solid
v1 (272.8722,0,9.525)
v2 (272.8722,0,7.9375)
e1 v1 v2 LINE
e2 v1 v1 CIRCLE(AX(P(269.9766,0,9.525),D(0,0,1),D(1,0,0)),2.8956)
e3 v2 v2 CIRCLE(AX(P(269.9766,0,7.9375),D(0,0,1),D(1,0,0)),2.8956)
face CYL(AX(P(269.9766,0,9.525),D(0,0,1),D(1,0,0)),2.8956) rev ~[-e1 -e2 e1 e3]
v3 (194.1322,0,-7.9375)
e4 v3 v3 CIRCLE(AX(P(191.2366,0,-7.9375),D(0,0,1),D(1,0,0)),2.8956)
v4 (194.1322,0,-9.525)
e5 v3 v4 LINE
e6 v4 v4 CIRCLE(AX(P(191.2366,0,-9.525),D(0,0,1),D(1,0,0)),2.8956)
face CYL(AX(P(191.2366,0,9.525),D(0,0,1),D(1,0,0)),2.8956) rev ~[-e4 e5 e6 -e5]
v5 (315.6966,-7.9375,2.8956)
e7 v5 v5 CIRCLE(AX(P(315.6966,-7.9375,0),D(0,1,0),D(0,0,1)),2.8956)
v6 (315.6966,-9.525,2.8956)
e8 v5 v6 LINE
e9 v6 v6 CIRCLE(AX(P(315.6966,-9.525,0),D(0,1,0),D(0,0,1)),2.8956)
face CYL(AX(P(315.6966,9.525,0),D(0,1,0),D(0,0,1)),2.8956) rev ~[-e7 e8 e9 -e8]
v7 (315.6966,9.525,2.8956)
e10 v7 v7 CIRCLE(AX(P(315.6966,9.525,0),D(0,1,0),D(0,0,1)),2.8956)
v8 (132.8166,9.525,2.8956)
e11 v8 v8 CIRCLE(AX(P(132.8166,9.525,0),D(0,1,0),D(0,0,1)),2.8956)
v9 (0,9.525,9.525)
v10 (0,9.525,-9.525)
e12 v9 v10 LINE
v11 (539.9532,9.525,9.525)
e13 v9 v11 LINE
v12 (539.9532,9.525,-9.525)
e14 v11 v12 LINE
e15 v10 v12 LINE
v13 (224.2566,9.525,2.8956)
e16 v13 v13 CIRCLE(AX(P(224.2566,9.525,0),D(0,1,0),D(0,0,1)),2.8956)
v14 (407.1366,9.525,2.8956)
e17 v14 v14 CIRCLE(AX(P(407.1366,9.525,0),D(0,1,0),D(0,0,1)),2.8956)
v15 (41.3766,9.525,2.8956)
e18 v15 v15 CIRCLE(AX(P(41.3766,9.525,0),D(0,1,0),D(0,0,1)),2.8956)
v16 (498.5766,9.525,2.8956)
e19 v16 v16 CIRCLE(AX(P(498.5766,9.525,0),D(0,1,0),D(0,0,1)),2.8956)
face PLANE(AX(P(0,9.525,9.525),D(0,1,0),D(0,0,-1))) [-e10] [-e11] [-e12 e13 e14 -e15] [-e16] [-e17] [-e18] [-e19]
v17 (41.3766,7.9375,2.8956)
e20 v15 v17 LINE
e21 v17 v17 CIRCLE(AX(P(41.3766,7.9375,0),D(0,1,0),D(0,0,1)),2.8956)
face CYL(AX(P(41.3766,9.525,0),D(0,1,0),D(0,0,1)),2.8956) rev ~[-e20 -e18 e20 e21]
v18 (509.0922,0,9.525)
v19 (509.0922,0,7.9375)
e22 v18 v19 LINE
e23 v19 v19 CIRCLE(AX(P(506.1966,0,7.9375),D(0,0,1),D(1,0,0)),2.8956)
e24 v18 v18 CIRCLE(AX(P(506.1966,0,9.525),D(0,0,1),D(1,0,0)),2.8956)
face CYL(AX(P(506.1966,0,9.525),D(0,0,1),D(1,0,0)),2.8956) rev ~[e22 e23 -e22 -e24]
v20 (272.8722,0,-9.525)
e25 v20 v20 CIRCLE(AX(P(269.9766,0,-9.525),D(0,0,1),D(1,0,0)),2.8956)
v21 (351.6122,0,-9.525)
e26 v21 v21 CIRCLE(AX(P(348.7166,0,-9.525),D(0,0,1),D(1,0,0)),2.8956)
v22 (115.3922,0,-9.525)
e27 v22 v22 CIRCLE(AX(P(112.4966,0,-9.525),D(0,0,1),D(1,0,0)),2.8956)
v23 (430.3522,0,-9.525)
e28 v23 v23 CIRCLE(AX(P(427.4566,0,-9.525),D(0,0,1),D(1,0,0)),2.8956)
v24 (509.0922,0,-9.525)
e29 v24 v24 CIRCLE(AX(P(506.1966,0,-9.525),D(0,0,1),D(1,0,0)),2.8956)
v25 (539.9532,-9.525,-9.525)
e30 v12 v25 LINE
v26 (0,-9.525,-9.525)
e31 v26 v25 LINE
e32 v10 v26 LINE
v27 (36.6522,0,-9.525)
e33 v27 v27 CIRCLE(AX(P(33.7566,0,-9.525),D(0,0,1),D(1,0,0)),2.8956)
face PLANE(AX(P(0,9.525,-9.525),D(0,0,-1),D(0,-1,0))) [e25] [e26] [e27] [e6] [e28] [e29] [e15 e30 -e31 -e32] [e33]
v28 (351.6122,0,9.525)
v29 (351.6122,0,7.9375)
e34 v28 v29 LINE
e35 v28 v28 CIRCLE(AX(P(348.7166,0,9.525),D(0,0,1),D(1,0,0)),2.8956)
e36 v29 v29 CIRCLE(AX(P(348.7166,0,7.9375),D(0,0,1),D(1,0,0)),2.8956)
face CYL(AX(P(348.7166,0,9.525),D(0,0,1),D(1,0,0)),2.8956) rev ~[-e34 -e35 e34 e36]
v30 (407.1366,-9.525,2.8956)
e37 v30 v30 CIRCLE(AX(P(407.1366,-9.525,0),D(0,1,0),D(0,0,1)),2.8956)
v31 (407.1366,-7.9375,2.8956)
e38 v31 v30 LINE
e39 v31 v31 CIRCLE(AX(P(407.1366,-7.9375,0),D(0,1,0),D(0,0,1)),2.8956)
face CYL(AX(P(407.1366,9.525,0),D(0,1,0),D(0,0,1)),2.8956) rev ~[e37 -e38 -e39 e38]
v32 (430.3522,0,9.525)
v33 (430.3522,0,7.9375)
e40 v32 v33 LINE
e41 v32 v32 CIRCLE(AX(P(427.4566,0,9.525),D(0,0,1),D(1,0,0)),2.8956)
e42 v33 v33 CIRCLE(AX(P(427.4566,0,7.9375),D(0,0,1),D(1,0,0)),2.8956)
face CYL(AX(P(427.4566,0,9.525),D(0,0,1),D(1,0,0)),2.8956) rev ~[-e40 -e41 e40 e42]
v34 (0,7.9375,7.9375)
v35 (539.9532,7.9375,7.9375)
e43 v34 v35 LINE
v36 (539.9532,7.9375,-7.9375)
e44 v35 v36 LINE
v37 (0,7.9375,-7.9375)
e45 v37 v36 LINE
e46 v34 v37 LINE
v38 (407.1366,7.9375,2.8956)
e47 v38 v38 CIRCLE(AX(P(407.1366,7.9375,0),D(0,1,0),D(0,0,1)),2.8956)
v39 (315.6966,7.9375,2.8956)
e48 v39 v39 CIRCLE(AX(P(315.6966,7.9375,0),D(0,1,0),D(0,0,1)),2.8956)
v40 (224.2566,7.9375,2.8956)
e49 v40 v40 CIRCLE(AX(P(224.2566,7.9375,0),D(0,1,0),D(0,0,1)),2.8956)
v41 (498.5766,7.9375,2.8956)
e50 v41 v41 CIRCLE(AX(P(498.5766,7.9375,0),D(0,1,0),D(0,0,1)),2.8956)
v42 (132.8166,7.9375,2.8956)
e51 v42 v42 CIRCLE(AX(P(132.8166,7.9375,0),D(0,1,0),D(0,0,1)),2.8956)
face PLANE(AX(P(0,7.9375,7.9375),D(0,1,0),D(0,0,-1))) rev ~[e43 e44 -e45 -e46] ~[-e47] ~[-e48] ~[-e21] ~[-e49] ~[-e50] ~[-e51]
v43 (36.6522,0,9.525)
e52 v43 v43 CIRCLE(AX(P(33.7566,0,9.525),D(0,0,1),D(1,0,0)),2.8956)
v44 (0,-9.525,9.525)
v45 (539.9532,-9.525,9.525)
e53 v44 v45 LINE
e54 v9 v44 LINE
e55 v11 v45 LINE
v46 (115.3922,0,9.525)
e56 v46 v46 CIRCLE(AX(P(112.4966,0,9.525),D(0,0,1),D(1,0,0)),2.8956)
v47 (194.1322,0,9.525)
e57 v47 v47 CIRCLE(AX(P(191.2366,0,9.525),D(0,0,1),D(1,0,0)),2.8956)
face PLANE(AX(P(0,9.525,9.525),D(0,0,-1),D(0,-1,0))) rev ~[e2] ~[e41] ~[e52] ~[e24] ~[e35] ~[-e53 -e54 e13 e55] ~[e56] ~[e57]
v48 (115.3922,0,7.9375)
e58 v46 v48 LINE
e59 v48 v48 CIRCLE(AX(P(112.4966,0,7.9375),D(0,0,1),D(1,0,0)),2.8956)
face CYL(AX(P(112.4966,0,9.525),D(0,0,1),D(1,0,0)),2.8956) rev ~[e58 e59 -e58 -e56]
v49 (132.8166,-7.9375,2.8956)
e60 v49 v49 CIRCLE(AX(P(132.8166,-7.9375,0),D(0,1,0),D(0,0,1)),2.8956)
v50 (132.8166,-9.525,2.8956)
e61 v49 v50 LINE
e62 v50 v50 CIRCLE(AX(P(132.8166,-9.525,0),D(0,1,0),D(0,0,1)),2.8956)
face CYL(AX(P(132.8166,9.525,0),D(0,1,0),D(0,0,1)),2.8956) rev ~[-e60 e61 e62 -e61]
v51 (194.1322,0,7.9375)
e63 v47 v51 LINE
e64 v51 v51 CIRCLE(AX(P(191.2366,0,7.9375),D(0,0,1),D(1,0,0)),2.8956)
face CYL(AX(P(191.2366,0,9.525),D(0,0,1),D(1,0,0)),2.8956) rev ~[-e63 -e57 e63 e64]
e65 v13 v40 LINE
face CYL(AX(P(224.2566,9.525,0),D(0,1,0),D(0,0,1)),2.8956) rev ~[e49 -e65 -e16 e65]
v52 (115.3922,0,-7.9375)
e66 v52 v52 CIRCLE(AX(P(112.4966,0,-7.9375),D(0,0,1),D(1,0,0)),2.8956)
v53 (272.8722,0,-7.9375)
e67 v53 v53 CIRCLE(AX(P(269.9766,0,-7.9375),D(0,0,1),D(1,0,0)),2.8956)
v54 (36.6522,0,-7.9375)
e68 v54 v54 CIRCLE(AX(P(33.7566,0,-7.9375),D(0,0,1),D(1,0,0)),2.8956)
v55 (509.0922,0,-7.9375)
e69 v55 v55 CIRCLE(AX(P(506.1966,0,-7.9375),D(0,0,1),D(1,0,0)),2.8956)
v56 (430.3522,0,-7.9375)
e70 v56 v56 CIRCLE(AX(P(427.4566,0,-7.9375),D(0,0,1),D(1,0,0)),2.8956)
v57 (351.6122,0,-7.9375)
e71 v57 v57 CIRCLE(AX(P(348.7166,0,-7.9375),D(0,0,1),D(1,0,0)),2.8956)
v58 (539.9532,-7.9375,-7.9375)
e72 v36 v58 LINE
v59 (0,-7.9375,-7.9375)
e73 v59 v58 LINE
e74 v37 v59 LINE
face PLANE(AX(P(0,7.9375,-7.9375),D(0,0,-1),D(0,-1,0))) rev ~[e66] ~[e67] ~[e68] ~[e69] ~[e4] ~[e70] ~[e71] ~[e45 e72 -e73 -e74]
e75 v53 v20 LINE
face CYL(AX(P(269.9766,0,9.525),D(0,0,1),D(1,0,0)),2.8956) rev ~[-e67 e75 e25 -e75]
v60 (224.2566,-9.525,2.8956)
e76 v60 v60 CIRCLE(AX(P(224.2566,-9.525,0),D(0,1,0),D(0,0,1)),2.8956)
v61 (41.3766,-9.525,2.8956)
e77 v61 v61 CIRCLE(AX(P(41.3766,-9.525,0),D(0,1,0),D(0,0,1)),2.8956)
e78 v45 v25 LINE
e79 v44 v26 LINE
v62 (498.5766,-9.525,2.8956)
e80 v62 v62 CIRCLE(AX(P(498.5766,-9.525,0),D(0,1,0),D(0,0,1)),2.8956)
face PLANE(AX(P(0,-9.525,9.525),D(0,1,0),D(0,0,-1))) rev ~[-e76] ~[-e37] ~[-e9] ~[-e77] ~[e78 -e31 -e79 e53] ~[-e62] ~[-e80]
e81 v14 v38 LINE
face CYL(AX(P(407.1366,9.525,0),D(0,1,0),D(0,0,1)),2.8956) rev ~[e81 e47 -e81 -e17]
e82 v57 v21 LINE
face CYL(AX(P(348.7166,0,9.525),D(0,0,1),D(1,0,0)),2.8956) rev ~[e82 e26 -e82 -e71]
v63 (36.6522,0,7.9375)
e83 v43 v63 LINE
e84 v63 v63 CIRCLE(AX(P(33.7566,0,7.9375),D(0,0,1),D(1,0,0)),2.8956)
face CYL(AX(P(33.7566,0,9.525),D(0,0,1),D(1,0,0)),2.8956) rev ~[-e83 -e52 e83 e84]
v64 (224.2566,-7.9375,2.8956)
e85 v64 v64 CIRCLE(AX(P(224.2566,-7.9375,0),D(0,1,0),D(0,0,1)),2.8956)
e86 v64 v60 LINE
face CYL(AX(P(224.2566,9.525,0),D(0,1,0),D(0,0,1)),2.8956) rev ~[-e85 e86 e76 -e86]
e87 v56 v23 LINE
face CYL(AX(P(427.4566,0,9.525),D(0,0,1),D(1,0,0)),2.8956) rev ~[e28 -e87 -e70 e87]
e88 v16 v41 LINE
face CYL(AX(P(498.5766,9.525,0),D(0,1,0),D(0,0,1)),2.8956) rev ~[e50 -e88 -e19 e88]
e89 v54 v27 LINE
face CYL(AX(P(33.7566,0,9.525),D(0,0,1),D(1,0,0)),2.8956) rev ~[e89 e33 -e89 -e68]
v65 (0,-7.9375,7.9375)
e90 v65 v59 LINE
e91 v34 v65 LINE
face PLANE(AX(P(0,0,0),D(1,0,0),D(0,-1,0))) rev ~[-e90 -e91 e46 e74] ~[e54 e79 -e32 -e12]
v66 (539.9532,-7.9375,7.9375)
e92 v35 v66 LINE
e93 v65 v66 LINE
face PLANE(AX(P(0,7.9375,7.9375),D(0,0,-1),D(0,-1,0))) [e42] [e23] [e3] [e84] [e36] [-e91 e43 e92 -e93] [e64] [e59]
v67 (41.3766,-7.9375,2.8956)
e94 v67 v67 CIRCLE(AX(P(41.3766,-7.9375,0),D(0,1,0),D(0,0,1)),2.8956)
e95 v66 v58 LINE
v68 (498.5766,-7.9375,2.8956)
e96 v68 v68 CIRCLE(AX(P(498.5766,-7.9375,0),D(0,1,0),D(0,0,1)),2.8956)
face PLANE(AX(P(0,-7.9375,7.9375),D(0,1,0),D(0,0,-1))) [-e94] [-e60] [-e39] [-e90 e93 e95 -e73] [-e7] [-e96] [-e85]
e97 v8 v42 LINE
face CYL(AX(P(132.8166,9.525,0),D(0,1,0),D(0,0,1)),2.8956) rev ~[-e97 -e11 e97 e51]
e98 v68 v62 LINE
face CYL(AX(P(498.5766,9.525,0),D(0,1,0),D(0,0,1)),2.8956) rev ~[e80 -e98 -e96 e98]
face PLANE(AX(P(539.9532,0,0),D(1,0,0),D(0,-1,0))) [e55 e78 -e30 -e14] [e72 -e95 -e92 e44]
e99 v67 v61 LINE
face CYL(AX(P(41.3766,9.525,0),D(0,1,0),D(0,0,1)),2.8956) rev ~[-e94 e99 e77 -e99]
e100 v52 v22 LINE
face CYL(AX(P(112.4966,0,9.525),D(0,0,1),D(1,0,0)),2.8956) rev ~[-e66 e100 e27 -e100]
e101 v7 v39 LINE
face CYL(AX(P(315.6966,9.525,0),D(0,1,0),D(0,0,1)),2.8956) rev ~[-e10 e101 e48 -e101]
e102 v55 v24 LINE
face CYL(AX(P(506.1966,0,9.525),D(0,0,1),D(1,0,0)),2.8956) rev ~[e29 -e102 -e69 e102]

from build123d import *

# Parameters (mm, degrees)
SKETCH1_W               = 19.05
SKETCH1_H               = 19.05
SKETCH1_W_2             = 15.875
SKETCH1_H_2             = 15.875
TUBE_DEPTH              = 539.9532
SKETCH2_R               = 2.8956
REARWALLHOLES_DEPTH     = 541.373099178
LPATTERN1_COUNT         = 7
LPATTERN1_PITCH         = 78.74
SKETCH3_R               = 2.8956
REARTOPHOLEMASTER_DEPTH = 541.373099178
LPATTERN2_COUNT         = 6
LPATTERN2_PITCH         = 91.44


with BuildPart() as part:
    # Sketch1 → Tube (new body)
    with BuildSketch(Plane(origin=(0, 0, 0), x_dir=(0, -1, 0), z_dir=(1, 0, 0))):
        Rectangle(SKETCH1_W, SKETCH1_H)
        Rectangle(SKETCH1_W_2, SKETCH1_H_2, mode=Mode.SUBTRACT)
    extrude(amount=TUBE_DEPTH)

    # Sketch2 → RearWallHoles (cut, through all)
    with BuildSketch(Plane.XY.offset(9.525)):
        with Locations((506.1966, 0)):
            Circle(SKETCH2_R)
    rearwallholes = extrude(amount=-REARWALLHOLES_DEPTH, mode=Mode.SUBTRACT)

    # LPattern1: RearWallHoles ×7
    with Locations(*[(-i * LPATTERN1_PITCH, 0, 0) for i in range(1, LPATTERN1_COUNT)]):
        add(rearwallholes, mode=Mode.SUBTRACT)

    # Sketch3 → RearTopHoleMaster (cut, through all)
    with BuildSketch(Plane(origin=(0, 9.525, 0), x_dir=(1, 0, 0), z_dir=(0, 1, 0))):
        with Locations(Location((41.3766, 0, 0), (0, 0, 270))):
            Circle(SKETCH3_R)
    reartopholemaster = extrude(amount=-REARTOPHOLEMASTER_DEPTH, mode=Mode.SUBTRACT)

    # LPattern2: RearTopHoleMaster ×6
    with Locations(*[(i * LPATTERN2_PITCH, 0, 0) for i in range(1, LPATTERN2_COUNT)]):
        add(reartopholemaster, mode=Mode.SUBTRACT)


solid = part.part
